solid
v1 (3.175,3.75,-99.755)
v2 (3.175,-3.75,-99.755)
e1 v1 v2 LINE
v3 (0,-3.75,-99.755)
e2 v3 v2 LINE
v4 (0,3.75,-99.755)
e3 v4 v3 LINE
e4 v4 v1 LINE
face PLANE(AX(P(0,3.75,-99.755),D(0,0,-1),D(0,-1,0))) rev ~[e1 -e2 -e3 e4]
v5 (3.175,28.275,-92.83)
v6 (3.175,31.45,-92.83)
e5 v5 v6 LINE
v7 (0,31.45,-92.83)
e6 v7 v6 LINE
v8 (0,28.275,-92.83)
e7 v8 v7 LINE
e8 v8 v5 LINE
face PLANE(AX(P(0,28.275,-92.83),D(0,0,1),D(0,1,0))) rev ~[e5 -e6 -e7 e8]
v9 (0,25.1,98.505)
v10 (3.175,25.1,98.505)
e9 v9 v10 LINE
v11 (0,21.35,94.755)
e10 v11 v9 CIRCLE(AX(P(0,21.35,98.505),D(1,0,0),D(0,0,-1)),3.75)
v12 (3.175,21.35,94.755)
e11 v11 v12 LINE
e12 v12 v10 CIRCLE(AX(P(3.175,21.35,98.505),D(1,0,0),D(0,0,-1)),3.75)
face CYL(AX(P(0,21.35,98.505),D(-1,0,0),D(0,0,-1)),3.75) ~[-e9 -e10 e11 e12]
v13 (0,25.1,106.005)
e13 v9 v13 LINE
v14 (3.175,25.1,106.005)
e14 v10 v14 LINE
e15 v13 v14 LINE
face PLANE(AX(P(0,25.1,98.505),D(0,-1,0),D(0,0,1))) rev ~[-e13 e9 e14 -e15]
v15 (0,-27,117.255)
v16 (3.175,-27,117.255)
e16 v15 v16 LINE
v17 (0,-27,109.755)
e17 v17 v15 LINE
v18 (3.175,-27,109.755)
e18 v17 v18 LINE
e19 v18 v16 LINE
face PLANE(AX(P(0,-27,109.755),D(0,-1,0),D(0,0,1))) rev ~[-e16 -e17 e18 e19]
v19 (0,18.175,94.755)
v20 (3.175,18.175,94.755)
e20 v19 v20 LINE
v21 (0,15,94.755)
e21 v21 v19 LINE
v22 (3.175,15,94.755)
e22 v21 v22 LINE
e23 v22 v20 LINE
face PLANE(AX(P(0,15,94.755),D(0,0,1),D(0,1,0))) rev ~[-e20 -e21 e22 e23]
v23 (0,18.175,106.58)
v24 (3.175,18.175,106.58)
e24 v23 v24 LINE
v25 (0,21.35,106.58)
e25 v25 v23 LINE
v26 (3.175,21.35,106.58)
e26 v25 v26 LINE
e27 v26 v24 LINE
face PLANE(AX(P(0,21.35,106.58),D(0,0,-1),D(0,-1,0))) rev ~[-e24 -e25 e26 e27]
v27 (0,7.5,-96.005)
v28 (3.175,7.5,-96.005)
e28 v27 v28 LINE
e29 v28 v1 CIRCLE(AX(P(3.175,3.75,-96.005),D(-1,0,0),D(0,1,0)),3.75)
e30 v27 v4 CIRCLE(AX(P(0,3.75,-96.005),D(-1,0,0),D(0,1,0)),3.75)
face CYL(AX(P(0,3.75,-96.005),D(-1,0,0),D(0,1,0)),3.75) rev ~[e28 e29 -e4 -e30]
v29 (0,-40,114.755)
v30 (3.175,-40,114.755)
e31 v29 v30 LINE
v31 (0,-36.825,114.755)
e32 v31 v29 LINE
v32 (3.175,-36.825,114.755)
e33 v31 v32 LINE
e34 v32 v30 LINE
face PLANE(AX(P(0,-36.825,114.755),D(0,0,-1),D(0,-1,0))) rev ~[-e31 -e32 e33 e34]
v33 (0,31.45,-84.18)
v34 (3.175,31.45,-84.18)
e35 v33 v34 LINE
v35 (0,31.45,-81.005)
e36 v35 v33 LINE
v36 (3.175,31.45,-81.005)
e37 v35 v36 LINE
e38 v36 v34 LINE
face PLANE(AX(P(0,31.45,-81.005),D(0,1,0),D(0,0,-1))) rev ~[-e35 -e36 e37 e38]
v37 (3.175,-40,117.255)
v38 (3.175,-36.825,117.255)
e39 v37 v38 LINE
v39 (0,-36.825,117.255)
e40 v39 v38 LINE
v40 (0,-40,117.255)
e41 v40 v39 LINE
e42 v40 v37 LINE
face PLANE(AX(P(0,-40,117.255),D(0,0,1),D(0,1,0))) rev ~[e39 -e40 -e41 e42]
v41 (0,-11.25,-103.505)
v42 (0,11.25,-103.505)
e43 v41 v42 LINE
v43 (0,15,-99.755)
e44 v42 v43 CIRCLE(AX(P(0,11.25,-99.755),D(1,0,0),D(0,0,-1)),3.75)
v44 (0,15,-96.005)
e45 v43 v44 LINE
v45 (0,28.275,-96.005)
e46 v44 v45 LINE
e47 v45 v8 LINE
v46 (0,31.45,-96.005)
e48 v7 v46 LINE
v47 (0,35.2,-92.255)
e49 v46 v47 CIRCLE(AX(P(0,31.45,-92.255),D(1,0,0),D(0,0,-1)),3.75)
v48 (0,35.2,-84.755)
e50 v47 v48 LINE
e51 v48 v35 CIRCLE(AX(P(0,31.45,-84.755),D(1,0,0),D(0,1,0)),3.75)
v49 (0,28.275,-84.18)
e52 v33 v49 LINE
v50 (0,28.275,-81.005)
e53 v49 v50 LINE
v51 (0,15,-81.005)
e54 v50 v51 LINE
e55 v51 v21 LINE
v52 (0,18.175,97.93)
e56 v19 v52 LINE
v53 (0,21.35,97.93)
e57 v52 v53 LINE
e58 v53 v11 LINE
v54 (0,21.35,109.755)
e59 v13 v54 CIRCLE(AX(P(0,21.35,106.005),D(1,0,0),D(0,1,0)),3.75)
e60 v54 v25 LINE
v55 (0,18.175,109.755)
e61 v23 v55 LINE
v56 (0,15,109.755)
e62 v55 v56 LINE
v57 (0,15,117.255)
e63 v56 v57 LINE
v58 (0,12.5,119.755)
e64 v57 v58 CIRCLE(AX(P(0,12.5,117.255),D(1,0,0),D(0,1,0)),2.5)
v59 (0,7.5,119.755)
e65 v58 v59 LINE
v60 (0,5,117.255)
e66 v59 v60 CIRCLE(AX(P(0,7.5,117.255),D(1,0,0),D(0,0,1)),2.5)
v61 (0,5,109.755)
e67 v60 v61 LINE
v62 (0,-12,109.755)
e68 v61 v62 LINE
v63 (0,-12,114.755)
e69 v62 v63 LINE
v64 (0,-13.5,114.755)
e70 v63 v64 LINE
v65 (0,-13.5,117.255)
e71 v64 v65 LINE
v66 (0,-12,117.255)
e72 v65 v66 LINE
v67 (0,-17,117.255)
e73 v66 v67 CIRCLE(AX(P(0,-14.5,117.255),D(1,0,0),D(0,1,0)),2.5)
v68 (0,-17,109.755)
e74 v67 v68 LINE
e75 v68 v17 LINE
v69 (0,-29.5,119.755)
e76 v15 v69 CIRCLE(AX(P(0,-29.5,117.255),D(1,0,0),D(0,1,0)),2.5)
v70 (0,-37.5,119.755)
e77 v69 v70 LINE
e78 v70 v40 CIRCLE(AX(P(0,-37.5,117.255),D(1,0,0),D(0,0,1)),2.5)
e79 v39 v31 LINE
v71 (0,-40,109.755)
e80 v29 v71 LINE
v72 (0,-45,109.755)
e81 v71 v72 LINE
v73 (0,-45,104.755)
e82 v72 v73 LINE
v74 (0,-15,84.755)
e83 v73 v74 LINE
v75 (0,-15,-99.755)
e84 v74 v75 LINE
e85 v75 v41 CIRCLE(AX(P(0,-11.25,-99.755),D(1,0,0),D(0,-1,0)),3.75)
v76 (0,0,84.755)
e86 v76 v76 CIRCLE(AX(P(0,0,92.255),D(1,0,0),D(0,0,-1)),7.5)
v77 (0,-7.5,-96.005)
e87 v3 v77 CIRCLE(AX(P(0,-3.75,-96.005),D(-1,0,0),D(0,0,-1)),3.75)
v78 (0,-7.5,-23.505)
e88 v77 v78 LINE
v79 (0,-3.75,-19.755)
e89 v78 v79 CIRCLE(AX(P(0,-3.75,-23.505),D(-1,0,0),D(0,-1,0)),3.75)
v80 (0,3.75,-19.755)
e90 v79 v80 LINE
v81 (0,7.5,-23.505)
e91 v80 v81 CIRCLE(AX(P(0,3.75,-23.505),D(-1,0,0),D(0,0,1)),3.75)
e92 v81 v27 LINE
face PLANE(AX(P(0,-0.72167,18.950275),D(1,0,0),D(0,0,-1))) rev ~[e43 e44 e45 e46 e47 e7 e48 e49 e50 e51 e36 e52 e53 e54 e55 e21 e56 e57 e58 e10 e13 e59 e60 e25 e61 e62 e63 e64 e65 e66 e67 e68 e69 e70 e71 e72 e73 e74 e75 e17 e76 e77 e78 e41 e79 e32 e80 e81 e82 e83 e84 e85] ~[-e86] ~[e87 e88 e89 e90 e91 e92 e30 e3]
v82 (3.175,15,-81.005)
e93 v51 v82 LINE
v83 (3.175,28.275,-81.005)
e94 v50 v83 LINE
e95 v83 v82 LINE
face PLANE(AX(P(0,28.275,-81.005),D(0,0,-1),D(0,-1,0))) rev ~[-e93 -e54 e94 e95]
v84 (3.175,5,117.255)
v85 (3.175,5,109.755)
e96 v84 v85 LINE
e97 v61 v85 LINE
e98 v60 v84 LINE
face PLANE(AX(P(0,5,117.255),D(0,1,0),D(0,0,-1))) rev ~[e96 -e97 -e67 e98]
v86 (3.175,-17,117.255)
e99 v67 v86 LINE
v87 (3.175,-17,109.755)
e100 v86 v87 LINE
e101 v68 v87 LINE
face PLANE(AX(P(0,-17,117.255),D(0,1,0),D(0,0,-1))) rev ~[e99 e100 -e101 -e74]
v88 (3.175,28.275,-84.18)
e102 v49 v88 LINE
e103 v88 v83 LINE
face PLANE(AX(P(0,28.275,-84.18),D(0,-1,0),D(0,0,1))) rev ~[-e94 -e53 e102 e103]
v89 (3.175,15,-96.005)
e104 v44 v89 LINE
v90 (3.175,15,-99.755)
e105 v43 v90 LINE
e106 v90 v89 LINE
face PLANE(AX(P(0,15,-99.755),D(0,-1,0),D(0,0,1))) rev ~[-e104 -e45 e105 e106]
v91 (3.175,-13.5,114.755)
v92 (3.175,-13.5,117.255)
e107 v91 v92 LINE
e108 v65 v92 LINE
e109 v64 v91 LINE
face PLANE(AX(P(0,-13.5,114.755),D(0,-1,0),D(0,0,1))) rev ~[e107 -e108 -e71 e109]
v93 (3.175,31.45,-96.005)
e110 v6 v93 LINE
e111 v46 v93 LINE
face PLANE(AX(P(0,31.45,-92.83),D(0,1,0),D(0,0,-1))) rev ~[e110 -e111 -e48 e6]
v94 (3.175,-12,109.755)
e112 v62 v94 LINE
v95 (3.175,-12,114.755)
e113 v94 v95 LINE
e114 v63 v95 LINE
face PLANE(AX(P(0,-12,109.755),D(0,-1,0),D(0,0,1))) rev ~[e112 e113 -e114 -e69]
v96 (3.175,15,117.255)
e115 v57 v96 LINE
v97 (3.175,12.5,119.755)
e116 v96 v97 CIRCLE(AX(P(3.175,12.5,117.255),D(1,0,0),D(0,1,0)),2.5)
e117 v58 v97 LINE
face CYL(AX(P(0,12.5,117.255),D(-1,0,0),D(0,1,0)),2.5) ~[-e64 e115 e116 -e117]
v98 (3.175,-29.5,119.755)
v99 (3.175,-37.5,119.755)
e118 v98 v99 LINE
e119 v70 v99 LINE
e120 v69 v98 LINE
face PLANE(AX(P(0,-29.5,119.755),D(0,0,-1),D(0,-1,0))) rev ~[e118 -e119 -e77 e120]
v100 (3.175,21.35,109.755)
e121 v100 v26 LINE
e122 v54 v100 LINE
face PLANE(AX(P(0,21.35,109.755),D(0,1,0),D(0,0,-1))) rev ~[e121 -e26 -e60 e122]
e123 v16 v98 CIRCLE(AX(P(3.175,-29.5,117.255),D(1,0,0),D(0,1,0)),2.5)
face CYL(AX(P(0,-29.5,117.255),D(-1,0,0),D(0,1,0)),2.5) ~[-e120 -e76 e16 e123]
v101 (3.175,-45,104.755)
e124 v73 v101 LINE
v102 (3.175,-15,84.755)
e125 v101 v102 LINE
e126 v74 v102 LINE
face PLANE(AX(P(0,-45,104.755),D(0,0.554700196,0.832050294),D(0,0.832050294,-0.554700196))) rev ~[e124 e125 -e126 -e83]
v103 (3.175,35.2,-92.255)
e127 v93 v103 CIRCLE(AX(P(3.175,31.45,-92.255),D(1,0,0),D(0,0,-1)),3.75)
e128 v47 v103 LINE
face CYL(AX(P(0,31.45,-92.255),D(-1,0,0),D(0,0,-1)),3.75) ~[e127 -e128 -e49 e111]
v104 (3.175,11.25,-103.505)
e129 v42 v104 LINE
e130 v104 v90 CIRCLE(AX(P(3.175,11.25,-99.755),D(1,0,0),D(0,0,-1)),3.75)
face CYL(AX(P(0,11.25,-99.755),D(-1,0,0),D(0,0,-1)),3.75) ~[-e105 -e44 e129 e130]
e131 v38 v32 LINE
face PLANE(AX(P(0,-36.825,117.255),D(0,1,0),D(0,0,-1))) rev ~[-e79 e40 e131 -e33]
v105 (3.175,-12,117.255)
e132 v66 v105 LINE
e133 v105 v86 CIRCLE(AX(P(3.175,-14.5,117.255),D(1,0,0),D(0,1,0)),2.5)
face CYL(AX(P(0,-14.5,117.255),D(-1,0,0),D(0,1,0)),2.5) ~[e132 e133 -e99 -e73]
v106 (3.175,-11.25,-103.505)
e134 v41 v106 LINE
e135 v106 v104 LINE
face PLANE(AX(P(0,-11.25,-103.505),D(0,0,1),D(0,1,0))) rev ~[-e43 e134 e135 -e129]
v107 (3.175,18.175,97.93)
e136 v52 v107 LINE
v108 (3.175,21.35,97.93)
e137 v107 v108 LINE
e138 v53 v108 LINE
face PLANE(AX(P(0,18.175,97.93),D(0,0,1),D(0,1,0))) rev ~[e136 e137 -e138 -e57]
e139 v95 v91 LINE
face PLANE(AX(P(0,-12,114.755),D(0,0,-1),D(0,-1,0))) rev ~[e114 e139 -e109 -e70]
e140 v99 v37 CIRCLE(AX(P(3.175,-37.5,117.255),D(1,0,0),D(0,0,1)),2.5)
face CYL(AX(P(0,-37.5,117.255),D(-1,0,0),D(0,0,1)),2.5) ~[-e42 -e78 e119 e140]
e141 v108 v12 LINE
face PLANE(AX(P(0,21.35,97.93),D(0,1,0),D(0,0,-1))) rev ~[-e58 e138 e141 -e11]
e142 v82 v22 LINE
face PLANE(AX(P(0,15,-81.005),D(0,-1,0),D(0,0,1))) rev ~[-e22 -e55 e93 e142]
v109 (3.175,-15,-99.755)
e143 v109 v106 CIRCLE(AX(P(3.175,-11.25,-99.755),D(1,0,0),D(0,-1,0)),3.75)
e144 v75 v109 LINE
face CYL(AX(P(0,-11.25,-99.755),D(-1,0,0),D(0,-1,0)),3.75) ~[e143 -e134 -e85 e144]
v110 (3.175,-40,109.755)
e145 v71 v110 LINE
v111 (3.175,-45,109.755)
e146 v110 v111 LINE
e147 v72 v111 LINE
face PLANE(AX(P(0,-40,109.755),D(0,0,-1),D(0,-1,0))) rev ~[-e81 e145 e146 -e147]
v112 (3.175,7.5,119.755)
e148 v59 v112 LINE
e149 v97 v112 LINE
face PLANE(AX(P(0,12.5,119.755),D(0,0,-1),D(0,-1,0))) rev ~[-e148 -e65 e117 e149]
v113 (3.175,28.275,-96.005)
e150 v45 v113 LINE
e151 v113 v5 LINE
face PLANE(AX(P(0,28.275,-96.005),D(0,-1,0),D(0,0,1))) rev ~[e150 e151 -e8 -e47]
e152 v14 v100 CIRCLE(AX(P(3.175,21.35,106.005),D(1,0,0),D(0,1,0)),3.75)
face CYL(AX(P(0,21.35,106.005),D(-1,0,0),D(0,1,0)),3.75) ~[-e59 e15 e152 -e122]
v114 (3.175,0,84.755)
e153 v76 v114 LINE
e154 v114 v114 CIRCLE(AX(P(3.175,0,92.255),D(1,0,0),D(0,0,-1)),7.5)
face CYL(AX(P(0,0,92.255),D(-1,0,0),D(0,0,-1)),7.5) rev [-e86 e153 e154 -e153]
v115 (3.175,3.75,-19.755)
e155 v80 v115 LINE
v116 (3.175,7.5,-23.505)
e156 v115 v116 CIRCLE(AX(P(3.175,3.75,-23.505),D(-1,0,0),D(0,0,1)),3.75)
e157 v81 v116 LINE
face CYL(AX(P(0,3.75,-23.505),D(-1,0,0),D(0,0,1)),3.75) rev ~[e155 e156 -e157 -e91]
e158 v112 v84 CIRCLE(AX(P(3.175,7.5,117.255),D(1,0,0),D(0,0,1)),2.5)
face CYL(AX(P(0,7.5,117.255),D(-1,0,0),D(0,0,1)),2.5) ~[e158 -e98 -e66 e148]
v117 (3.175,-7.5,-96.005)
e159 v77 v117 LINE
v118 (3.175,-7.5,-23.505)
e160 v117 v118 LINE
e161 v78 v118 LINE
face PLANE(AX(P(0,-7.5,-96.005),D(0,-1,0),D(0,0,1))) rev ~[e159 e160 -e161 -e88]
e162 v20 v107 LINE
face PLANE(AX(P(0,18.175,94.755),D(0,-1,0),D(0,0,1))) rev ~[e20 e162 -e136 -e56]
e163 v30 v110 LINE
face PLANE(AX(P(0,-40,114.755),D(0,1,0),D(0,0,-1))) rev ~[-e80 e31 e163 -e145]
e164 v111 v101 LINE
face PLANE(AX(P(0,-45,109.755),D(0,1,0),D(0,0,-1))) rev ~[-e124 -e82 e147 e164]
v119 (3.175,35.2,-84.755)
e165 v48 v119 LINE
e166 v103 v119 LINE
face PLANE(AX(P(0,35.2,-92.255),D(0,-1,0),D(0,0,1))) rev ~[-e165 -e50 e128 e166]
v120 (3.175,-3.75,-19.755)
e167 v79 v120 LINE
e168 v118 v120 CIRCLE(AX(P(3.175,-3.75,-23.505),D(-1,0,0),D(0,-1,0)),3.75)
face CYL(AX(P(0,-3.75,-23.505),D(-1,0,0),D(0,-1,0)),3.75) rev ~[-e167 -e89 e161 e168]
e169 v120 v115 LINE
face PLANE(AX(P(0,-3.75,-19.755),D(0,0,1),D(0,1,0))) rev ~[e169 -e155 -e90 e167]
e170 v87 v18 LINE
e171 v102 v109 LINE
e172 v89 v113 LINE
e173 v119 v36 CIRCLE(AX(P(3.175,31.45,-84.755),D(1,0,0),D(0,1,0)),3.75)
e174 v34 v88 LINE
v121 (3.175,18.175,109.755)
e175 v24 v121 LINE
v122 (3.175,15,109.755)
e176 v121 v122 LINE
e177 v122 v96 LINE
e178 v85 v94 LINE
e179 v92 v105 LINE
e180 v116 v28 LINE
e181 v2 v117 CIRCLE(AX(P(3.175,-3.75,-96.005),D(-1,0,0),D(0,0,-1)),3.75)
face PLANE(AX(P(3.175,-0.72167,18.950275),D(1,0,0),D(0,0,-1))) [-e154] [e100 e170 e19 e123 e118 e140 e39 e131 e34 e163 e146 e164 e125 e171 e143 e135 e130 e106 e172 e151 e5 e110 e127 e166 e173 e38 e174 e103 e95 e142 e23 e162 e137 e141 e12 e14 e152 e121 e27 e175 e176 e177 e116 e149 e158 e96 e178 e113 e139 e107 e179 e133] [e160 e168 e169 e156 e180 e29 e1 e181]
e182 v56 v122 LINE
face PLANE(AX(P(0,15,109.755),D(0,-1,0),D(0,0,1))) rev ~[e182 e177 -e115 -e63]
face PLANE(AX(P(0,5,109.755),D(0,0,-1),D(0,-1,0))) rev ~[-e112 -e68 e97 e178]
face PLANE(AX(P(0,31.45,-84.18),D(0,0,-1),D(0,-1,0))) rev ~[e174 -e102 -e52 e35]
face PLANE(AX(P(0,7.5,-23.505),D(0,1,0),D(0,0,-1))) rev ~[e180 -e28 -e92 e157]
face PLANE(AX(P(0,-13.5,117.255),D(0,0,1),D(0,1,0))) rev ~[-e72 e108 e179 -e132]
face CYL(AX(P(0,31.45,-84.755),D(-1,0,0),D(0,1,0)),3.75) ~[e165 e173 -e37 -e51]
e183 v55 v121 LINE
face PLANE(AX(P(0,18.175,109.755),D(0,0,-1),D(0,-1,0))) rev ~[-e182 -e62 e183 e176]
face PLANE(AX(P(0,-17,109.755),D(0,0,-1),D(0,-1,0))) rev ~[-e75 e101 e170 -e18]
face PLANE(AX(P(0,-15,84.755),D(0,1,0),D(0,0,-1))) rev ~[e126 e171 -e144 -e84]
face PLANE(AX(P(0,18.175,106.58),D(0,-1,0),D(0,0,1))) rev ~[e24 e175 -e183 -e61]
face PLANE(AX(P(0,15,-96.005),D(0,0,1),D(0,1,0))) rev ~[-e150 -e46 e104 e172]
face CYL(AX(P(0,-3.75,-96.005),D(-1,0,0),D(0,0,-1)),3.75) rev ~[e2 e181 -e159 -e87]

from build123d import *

# Parameters (mm, degrees)
SKETCH1_R           = 7.5
BOSS_EXTRUDE1_DEPTH = 3.175


with BuildPart() as part:
    # Sketch1 → Boss-Extrude1 (new body)
    with BuildSketch(Plane(origin=(0, 0, 0), x_dir=(0, 0, -1), z_dir=(1, 0, 0))):
        with BuildLine():
            Line((-94.755, 15), (-94.755, 18.175))
            Line((-94.755, 18.175), (-97.93, 18.175))
            Line((-97.93, 18.175), (-97.93, 21.35))
            Line((-97.93, 21.35), (-94.755, 21.35))
            ThreePointArc((-94.755, 21.35), (-95.853349571, 24.001650429), (-98.505, 25.1))
            Line((-98.505, 25.1), (-106.005, 25.1))
            ThreePointArc((-106.005, 25.1), (-108.656650429, 24.001650429), (-109.755, 21.35))
            Line((-109.755, 21.35), (-106.58, 21.35))
            Line((-106.58, 21.35), (-106.58, 18.175))
            Line((-106.58, 18.175), (-109.755, 18.175))
            Line((-109.755, 18.175), (-109.755, 15))
            Line((-109.755, 15), (-117.255, 15))
            ThreePointArc((-117.255, 15), (-119.022766953, 14.267766953), (-119.755, 12.5))
            Line((-119.755, 12.5), (-119.755, 7.5))
            ThreePointArc((-119.755, 7.5), (-119.022766953, 5.732233047), (-117.255, 5))
            Line((-117.255, 5), (-109.755, 5))
            Line((-109.755, 5), (-109.755, -12))
            Line((-109.755, -12), (-114.755, -12))
            Line((-114.755, -12), (-114.755, -13.5))
            Line((-114.755, -13.5), (-117.255, -13.5))
            Line((-117.255, -13.5), (-117.255, -12))
            ThreePointArc((-117.255, -12), (-119.755, -14.5), (-117.255, -17))
            Line((-117.255, -17), (-109.755, -17))
            Line((-109.755, -17), (-109.755, -27))
            Line((-109.755, -27), (-117.255, -27))
            ThreePointArc((-117.255, -27), (-119.022766953, -27.732233047), (-119.755, -29.5))
            Line((-119.755, -29.5), (-119.755, -37.5))
            ThreePointArc((-119.755, -37.5), (-119.022766953, -39.267766953), (-117.255, -40))
            Line((-117.255, -40), (-117.255, -36.825))
            Line((-117.255, -36.825), (-114.755, -36.825))
            Line((-114.755, -36.825), (-114.755, -40))
            Line((-114.755, -40), (-109.755, -40))
            Line((-109.755, -40), (-109.755, -45))
            Line((-109.755, -45), (-104.755, -45))
            Line((-104.755, -45), (-84.755, -15))
            Line((-84.755, -15), (99.755, -15))
            ThreePointArc((99.755, -15), (102.406650429, -13.901650429), (103.505, -11.25))
            Line((103.505, -11.25), (103.505, 11.25))
            ThreePointArc((103.505, 11.25), (102.406650429, 13.901650429), (99.755, 15))
            Line((99.755, 15), (96.005, 15))
            Line((96.005, 15), (96.005, 28.275))
            Line((96.005, 28.275), (92.83, 28.275))
            Line((92.83, 28.275), (92.83, 31.45))
            Line((92.83, 31.45), (96.005, 31.45))
            ThreePointArc((96.005, 31.45), (94.906650429, 34.101650429), (92.255, 35.2))
            Line((92.255, 35.2), (84.755, 35.2))
            ThreePointArc((84.755, 35.2), (82.103349571, 34.101650429), (81.005, 31.45))
            Line((81.005, 31.45), (84.18, 31.45))
            Line((84.18, 31.45), (84.18, 28.275))
            Line((84.18, 28.275), (81.005, 28.275))
            Line((81.005, 28.275), (81.005, 15))
            Line((81.005, 15), (-94.755, 15))
        make_face()
        with Locations((-92.255, 0)):
            Circle(SKETCH1_R, mode=Mode.SUBTRACT)
        with BuildLine():
            Line((23.505, 7.5), (96.005, 7.5))
            ThreePointArc((96.005, 7.5), (98.656650429, 6.401650429), (99.755, 3.75))
            Line((99.755, 3.75), (99.755, -3.75))
            ThreePointArc((99.755, -3.75), (98.656650429, -6.401650429), (96.005, -7.5))
            Line((96.005, -7.5), (23.505, -7.5))
            ThreePointArc((23.505, -7.5), (20.853349571, -6.401650429), (19.755, -3.75))
            Line((19.755, -3.75), (19.755, 3.75))
            ThreePointArc((19.755, 3.75), (20.853349571, 6.401650429), (23.505, 7.5))
        make_face(mode=Mode.SUBTRACT)
    extrude(amount=BOSS_EXTRUDE1_DEPTH)


solid = part.part
